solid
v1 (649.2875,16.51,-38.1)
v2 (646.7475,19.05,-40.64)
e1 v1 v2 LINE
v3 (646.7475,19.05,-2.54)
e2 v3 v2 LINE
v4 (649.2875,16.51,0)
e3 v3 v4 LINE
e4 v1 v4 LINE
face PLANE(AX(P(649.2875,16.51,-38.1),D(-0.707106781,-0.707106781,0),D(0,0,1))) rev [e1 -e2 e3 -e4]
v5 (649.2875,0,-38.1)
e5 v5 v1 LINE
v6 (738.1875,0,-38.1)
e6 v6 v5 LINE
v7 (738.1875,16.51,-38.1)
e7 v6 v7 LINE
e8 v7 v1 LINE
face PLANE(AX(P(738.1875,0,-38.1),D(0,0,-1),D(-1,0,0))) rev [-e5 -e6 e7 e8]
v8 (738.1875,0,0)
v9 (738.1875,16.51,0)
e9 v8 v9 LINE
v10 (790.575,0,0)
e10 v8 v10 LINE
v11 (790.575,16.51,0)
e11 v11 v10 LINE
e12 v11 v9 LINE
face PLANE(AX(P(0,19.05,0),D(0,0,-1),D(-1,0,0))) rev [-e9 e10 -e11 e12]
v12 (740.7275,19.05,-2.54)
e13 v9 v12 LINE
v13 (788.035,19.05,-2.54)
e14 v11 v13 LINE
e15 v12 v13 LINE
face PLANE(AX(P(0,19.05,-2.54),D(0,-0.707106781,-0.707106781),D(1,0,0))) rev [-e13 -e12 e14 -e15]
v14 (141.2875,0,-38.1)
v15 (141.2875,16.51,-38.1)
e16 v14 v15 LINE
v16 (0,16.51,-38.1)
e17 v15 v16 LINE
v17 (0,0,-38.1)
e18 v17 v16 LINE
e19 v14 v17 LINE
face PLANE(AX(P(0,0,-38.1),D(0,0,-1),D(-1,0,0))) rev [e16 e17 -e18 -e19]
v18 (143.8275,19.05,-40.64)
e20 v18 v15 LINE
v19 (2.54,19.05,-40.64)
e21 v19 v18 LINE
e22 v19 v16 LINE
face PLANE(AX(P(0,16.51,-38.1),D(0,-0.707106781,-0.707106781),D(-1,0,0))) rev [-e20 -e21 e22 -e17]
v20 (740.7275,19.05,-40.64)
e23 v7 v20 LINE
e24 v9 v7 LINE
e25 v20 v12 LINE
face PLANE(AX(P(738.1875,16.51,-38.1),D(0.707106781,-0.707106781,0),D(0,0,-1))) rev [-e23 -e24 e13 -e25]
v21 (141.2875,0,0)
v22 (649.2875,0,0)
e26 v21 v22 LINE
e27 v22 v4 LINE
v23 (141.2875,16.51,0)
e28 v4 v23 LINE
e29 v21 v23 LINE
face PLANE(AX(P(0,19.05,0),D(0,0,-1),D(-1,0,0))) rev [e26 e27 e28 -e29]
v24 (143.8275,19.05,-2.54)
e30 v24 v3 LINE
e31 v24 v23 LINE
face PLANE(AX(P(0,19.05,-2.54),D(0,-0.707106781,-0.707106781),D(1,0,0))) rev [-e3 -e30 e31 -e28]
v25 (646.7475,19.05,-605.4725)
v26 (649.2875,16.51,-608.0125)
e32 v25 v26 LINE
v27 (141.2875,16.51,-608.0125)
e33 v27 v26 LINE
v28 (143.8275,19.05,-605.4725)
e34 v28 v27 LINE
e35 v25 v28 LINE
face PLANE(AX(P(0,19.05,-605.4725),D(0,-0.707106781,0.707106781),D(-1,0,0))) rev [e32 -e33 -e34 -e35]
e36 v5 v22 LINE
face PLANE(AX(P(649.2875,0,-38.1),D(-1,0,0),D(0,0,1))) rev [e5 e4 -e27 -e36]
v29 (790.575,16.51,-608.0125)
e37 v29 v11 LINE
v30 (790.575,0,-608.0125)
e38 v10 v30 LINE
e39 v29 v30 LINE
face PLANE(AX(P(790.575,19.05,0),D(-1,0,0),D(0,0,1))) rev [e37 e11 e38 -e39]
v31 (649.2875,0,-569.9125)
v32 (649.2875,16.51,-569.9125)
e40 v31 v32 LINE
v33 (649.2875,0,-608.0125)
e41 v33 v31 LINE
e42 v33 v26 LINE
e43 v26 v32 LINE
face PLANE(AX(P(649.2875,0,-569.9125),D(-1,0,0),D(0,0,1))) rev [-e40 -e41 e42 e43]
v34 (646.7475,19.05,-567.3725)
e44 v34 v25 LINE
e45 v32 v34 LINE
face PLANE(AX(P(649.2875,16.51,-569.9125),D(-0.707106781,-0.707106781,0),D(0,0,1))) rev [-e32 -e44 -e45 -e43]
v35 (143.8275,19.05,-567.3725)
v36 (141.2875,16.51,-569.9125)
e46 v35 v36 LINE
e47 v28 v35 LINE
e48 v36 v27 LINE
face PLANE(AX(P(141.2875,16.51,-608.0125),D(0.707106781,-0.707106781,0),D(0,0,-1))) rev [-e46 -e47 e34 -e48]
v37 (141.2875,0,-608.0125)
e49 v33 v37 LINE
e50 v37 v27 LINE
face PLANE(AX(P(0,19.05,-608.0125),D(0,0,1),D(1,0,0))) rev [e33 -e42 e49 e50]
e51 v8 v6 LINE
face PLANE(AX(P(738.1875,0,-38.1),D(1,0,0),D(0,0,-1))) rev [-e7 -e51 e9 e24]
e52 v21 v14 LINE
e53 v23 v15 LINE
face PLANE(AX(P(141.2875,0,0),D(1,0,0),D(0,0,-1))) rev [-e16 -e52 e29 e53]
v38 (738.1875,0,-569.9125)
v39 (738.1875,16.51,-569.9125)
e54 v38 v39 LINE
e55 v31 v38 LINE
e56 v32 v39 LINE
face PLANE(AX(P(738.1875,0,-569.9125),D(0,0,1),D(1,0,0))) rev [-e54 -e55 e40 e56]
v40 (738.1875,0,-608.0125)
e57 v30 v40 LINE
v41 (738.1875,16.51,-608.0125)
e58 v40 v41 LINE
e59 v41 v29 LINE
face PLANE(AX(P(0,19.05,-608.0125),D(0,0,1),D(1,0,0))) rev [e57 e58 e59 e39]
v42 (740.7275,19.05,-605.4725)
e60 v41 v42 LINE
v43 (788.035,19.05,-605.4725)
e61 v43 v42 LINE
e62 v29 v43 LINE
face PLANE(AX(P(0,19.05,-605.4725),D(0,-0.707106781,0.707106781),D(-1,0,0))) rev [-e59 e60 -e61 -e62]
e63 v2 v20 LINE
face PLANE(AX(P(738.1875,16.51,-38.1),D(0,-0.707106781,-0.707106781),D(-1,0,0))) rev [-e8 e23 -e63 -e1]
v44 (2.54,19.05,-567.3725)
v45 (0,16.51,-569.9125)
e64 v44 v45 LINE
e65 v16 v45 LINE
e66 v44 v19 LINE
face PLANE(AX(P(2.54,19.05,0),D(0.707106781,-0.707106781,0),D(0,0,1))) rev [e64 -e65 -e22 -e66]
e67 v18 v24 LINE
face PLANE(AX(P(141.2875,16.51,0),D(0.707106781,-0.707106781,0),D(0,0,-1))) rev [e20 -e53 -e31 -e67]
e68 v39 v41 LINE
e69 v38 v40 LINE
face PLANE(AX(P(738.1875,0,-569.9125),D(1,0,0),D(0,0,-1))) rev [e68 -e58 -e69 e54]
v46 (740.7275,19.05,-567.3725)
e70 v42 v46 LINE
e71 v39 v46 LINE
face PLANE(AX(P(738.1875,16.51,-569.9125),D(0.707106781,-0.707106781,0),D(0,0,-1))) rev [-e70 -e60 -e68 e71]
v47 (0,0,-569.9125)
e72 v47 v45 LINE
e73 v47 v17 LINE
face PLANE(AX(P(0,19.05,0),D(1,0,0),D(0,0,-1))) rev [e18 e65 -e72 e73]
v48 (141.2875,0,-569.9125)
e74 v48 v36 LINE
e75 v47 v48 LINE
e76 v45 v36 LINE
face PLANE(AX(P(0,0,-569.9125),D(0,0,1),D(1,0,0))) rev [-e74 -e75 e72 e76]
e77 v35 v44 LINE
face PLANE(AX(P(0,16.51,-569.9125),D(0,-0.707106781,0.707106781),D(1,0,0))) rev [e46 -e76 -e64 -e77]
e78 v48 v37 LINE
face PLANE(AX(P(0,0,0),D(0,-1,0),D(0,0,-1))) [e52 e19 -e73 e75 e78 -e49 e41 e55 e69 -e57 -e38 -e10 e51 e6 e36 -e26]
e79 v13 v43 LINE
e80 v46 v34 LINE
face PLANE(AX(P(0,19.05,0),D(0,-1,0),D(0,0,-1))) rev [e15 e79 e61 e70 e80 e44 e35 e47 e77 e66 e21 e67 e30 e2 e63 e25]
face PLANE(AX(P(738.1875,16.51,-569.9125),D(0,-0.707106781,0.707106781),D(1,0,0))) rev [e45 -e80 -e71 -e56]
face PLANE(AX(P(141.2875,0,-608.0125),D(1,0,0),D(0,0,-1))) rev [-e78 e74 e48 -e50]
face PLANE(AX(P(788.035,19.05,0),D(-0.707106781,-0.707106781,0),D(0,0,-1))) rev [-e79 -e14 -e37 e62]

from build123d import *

# Parameters (mm, degrees)
SKETCH1_W           = 790.575
SKETCH1_H           = 608.0125
BOSS_EXTRUDE1_DEPTH = 19.05
SKETCH2_W           = 88.9
SKETCH2_H           = 38.1
SKETCH2_W_2         = 141.2875
CUT_EXTRUDE1_DEPTH  = 20.05
CHAMFER1_SIZE       = 2.54


with BuildPart() as part:
    # Sketch1 → Boss-Extrude1 (new body)
    with BuildSketch(Plane(origin=(0, 0, 0), x_dir=(1, 0, 0), z_dir=(0, 1, 0))):
        with Locations((395.2875, 304.00625)):
            Rectangle(SKETCH1_W, SKETCH1_H)
    extrude(amount=BOSS_EXTRUDE1_DEPTH)

    # Sketch2 → Cut-Extrude1 (cut, through all)
    with BuildSketch(Plane(origin=(0, 19.05, 0), x_dir=(1, 0, 0), z_dir=(0, 1, 0))):
        with Locations((693.7375, 588.9625)):
            Rectangle(SKETCH2_W, SKETCH2_H)
        with Locations((70.64375, 588.9625)):
            Rectangle(SKETCH2_W_2, SKETCH2_H)
        with Locations((70.64375, 19.05)):
            Rectangle(SKETCH2_W_2, SKETCH2_H)
        with Locations((693.7375, 19.05)):
            Rectangle(SKETCH2_W, SKETCH2_H)
    extrude(amount=-CUT_EXTRUDE1_DEPTH, mode=Mode.SUBTRACT)

    # Chamfer1
    chamfer1_edges = [part.edges().sort_by_distance(p)[0] for p in [
        (790.575, 19.05, -304.00625),
        (764.38125, 19.05, -608.0125),
        (0, 19.05, -304.00625),
        (395.2875, 19.05, 0),
        (764.38125, 19.05, 0),
        (395.2875, 19.05, -608.0125),
        (693.7375, 19.05, -38.1),
        (649.2875, 19.05, -19.05),
        (738.1875, 19.05, -19.05),
        (141.2875, 19.05, -19.05),
        (70.64375, 19.05, -38.1),
        (70.64375, 19.05, -569.9125),
        (141.2875, 19.05, -588.9625),
        (738.1875, 19.05, -588.9625),
        (649.2875, 19.05, -588.9625),
        (693.7375, 19.05, -569.9125),
    ]]
    chamfer(chamfer1_edges, length=CHAMFER1_SIZE)


solid = part.part
